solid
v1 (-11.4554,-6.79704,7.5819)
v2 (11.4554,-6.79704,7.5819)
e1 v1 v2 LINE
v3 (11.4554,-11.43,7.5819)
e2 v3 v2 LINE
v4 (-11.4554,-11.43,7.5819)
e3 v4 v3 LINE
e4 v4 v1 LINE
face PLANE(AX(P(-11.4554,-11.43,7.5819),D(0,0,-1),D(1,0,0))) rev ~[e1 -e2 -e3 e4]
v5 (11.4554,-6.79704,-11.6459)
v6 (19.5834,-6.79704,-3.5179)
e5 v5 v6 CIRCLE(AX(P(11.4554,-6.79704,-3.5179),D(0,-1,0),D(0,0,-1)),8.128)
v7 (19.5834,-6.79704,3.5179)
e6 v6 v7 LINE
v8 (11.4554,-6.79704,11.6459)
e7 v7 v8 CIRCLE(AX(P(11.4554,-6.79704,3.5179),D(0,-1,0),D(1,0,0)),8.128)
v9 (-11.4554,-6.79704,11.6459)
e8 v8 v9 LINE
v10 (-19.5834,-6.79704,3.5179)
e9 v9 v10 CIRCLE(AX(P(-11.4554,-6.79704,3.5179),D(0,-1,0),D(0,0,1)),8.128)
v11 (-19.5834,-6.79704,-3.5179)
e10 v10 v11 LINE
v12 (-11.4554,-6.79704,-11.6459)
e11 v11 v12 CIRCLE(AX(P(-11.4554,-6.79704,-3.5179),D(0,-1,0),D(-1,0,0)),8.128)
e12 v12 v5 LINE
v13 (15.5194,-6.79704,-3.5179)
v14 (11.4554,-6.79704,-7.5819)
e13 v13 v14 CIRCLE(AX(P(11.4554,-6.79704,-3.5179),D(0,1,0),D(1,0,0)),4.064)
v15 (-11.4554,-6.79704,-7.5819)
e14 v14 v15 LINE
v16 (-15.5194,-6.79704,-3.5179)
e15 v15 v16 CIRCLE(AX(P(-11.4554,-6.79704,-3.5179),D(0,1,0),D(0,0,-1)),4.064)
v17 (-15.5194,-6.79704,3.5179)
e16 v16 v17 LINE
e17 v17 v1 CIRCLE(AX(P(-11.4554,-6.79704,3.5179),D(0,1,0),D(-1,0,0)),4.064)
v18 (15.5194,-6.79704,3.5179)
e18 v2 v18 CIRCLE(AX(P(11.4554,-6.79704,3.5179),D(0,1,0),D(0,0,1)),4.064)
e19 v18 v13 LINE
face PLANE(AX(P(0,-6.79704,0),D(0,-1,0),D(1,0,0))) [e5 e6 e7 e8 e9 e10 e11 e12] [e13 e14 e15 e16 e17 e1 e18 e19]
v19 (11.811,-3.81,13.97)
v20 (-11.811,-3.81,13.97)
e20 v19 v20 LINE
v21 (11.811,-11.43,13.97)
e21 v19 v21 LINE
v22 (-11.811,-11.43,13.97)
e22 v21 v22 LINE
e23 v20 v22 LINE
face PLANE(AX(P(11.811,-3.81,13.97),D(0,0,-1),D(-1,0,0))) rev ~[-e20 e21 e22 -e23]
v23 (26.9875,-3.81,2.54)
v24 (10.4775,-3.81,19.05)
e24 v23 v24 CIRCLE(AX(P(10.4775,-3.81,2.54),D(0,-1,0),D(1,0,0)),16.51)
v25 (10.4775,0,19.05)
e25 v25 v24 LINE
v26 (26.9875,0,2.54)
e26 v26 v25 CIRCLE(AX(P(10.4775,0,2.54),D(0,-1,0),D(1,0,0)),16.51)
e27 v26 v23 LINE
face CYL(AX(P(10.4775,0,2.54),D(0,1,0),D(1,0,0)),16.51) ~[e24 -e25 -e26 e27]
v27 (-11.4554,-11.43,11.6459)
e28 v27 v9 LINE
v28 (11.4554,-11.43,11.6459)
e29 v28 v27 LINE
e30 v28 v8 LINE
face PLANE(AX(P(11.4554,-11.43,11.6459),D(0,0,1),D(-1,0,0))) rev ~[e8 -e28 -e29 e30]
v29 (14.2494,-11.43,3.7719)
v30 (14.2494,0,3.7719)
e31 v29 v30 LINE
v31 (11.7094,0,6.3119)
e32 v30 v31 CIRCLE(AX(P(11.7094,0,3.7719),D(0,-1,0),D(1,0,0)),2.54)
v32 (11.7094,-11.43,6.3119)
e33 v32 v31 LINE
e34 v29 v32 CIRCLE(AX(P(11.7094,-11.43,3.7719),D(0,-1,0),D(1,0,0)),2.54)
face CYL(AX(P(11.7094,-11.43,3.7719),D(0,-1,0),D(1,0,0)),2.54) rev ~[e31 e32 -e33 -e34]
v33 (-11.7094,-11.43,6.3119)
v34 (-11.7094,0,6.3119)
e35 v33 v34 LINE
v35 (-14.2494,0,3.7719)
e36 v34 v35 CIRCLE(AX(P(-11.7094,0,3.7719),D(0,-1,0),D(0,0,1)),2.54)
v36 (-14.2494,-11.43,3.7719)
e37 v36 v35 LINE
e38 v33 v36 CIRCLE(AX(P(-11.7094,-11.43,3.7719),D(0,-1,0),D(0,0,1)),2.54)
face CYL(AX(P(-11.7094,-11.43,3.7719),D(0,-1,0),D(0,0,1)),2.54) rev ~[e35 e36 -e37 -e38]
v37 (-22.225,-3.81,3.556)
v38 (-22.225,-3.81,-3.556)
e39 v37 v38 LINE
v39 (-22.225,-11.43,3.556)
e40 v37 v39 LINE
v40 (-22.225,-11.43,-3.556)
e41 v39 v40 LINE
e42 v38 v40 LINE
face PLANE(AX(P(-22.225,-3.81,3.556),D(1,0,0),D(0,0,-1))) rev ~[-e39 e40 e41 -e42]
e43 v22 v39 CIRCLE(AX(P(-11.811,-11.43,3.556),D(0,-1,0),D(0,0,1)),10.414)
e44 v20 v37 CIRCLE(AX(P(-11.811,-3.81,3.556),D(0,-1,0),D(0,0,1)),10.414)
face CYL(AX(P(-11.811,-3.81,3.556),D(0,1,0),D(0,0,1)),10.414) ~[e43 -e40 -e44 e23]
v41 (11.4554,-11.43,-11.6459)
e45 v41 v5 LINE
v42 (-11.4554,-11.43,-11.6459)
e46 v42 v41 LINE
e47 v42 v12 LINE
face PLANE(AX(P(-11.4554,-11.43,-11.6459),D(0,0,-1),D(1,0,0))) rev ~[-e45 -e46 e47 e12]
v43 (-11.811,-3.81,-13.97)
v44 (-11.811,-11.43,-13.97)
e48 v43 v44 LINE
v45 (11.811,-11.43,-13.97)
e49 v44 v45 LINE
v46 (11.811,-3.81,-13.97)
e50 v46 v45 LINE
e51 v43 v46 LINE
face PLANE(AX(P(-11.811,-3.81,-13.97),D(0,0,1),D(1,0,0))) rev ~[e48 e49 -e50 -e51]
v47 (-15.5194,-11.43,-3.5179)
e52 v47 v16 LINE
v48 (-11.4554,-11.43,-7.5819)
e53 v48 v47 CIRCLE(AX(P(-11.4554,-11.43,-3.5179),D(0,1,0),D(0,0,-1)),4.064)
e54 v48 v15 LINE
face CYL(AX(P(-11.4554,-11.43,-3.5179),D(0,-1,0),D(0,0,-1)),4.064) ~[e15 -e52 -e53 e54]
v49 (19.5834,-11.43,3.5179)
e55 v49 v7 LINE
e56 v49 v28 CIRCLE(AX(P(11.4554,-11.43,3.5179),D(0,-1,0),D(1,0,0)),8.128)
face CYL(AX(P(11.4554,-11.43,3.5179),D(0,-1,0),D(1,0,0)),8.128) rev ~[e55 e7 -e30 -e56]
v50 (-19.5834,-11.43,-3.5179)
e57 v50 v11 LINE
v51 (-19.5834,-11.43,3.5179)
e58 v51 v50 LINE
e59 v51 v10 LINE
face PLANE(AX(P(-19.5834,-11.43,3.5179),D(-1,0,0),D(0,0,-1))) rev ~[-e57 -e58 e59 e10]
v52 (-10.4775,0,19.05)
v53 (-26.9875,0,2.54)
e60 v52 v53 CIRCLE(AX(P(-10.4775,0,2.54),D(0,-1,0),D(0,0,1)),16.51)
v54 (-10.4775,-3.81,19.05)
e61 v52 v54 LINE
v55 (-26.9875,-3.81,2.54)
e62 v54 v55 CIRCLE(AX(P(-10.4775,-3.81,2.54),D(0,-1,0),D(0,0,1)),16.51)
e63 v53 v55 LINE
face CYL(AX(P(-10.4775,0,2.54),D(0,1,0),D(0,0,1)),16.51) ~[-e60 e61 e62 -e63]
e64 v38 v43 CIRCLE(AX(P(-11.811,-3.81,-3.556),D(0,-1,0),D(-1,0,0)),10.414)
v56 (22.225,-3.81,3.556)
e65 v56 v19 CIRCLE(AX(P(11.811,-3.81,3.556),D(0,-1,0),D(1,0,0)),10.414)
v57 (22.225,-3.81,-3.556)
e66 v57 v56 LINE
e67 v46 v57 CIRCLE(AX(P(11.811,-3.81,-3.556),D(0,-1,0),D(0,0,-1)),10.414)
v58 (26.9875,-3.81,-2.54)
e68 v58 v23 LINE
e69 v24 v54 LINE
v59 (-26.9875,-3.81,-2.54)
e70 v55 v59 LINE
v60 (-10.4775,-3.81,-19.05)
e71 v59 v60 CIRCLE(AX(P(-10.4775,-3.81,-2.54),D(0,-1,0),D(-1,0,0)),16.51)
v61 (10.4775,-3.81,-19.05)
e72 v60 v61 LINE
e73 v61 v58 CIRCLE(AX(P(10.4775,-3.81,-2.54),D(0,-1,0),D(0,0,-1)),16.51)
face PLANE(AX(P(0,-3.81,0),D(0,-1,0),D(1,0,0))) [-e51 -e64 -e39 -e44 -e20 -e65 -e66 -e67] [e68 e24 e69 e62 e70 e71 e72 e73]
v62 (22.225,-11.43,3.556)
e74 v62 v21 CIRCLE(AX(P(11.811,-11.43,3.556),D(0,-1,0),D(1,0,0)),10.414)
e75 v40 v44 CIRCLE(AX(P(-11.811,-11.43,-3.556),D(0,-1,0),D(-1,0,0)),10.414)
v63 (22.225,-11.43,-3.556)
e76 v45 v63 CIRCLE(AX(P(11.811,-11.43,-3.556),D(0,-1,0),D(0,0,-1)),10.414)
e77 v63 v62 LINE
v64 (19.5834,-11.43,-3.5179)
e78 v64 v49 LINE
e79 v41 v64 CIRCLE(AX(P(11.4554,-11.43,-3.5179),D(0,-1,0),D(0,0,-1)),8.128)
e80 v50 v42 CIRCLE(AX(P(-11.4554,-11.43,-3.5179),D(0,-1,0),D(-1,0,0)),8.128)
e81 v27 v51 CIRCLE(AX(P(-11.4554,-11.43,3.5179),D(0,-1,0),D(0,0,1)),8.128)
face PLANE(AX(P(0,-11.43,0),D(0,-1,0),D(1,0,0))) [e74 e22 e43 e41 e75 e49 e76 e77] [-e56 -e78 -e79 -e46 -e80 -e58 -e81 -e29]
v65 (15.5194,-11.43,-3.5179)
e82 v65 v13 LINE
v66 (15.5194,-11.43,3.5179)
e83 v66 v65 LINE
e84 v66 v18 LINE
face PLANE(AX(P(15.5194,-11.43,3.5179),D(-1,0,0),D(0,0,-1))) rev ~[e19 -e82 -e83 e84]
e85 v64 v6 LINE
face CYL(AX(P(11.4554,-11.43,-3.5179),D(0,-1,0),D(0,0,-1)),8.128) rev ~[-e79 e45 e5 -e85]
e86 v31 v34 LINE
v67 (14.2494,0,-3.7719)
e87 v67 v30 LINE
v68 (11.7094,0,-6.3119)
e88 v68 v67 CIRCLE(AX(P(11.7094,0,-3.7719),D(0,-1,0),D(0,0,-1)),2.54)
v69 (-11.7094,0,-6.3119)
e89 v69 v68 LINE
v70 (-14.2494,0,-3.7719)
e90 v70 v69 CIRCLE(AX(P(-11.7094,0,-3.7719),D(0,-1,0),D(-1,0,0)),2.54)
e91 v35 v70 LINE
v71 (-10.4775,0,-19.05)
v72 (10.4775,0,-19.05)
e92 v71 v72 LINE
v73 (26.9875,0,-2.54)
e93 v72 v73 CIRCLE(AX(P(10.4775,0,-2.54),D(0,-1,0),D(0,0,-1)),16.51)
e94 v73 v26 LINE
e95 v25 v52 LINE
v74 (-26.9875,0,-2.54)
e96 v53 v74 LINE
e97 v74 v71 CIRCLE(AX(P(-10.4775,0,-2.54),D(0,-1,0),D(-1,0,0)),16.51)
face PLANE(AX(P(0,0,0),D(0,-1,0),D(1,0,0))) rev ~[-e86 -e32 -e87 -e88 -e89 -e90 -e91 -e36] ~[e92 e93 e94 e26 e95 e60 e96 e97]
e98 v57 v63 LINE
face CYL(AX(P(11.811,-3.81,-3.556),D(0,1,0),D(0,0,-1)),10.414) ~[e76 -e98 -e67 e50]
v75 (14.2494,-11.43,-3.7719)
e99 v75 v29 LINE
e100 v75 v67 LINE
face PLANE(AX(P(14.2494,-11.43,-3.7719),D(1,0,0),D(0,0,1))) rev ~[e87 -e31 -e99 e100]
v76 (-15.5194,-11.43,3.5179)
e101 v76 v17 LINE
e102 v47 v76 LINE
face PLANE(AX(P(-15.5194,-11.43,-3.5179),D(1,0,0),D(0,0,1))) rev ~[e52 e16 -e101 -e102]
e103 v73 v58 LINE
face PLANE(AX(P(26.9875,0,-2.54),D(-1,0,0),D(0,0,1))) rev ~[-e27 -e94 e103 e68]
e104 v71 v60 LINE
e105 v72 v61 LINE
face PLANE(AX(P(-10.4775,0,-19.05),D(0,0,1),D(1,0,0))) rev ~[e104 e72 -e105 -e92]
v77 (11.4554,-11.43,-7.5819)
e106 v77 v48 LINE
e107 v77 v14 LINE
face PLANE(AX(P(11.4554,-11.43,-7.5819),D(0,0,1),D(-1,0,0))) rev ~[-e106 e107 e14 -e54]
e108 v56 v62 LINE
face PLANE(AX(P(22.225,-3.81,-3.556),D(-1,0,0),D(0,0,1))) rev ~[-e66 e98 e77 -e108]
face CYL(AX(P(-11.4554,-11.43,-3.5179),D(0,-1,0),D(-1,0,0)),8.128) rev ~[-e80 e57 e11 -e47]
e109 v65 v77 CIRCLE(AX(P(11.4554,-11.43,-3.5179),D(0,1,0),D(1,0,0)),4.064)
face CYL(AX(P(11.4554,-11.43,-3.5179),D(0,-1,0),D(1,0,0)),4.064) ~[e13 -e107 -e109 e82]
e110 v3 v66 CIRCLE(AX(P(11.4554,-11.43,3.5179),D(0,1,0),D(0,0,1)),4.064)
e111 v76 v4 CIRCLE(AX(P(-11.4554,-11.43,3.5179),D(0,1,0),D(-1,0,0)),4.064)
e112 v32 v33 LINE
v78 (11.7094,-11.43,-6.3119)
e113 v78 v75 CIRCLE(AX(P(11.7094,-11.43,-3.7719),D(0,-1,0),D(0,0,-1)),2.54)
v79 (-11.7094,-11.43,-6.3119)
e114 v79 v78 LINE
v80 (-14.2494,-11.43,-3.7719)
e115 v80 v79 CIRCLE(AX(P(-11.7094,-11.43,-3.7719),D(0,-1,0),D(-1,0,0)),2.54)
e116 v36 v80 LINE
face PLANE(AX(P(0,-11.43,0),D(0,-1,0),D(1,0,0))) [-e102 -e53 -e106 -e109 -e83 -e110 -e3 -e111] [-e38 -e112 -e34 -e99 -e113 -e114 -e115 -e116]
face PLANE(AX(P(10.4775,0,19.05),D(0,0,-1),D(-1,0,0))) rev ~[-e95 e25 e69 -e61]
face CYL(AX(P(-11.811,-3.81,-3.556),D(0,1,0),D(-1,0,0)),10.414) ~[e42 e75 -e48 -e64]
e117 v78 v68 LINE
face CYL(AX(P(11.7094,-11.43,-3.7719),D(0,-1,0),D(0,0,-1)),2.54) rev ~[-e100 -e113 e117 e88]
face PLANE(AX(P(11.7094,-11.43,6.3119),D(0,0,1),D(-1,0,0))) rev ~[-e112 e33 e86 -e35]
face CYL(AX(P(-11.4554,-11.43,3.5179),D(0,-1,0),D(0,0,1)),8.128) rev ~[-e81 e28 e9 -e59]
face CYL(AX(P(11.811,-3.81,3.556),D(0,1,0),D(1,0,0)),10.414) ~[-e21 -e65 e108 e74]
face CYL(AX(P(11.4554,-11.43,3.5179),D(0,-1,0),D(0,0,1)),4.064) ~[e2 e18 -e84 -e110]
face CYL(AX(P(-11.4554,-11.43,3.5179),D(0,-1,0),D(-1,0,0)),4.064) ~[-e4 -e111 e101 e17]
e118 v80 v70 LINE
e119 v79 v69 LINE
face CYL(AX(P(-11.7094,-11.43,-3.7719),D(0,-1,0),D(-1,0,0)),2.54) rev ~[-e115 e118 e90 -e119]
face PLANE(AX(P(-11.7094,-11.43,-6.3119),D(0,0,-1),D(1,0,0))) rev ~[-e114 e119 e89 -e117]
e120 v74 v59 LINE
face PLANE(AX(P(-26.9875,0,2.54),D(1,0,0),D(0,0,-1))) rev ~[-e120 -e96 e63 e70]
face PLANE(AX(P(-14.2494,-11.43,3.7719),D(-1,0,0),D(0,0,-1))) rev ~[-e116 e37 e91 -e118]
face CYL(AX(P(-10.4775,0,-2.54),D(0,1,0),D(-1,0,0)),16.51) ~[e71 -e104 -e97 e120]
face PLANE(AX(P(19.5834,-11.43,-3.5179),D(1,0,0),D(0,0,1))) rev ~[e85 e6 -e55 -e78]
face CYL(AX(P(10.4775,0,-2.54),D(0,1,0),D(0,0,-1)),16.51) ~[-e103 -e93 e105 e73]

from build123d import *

# Parameters (mm, degrees)
F1_DEPTH = 3.81
F3_DEPTH = 7.62
F5_DEPTH = 11.431
F7_DEPTH = 4.63296


with BuildPart() as f1:
    # F0 (on Front) → F1 (new body)
    with BuildSketch(Plane.XZ):
        with BuildLine():
            ThreePointArc((-26.9875, -2.54), (-22.1518329574, -14.2143329574), (-10.4775, -19.05))
            Line((-10.4775, -19.05), (10.4775, -19.05))
            ThreePointArc((10.4775, -19.05), (22.1518329574, -14.2143329574), (26.9875, -2.54))
            Line((26.9875, -2.54), (26.9875, 2.54))
            ThreePointArc((26.9875, 2.54), (22.1518329574, 14.2143329574), (10.4775, 19.05))
            Line((10.4775, 19.05), (-10.4775, 19.05))
            ThreePointArc((-10.4775, 19.05), (-22.1518329574, 14.2143329574), (-26.9875, 2.54))
            Line((-26.9875, 2.54), (-26.9875, -2.54))
        make_face()
    extrude(amount=F1_DEPTH)

    # F2 (on face) → F3 (join)
    with BuildSketch(Plane.XZ.offset(3.81)):
        with BuildLine():
            ThreePointArc((-22.225, -3.556), (-19.1748100193, -10.9198100193), (-11.811, -13.97))
            Line((-11.811, -13.97), (11.811, -13.97))
            ThreePointArc((11.811, -13.97), (19.1748100193, -10.9198100193), (22.225, -3.556))
            Line((22.225, -3.556), (22.225, 3.556))
            ThreePointArc((22.225, 3.556), (19.1748100193, 10.9198100193), (11.811, 13.97))
            Line((11.811, 13.97), (-11.811, 13.97))
            ThreePointArc((-11.811, 13.97), (-19.1748100193, 10.9198100193), (-22.225, 3.556))
            Line((-22.225, 3.556), (-22.225, -3.556))
        make_face()
    extrude(amount=F3_DEPTH)

    # F4 (on face) → F5 (cut, through all)
    with BuildSketch(Plane.XZ.offset(11.43)):
        with BuildLine():
            ThreePointArc((-14.2494, -3.7719), (-13.5054512242, -5.5679512242), (-11.7094, -6.3119))
            Line((-11.7094, -6.3119), (11.7094, -6.3119))
            ThreePointArc((11.7094, -6.3119), (13.5054512242, -5.5679512242), (14.2494, -3.7719))
            Line((14.2494, -3.7719), (14.2494, 3.7719))
            ThreePointArc((14.2494, 3.7719), (13.5054512242, 5.5679512242), (11.7094, 6.3119))
            Line((11.7094, 6.3119), (-11.7094, 6.3119))
            ThreePointArc((-11.7094, 6.3119), (-13.5054512242, 5.5679512242), (-14.2494, 3.7719))
            Line((-14.2494, 3.7719), (-14.2494, -3.7719))
        make_face()
    extrude(amount=-F5_DEPTH, mode=Mode.SUBTRACT)

    # F6 (on face) → F7 (cut)
    with BuildSketch(Plane.XZ.offset(11.43)):
        with BuildLine():
            Line((11.4554, 11.6459), (-11.4554, 11.6459))
            ThreePointArc((-11.4554, 11.6459), (-17.2027639175, 9.2652639175), (-19.5834, 3.5179))
            Line((-19.5834, 3.5179), (-19.5834, -3.5179))
            ThreePointArc((-19.5834, -3.5179), (-17.2027639175, -9.2652639175), (-11.4554, -11.6459))
            Line((-11.4554, -11.6459), (11.4554, -11.6459))
            ThreePointArc((11.4554, -11.6459), (17.2027639175, -9.2652639175), (19.5834, -3.5179))
            Line((19.5834, -3.5179), (19.5834, 3.5179))
            ThreePointArc((19.5834, 3.5179), (17.2027639175, 9.2652639175), (11.4554, 11.6459))
        make_face()
        with BuildLine():
            Line((11.4554, -7.5819), (-11.4554, -7.5819))
            ThreePointArc((-11.4554, -7.5819), (-14.3290819587, -6.3915819587), (-15.5194, -3.5179))
            Line((-15.5194, -3.5179), (-15.5194, 3.5179))
            ThreePointArc((-15.5194, 3.5179), (-14.3290819587, 6.3915819587), (-11.4554, 7.5819))
            Line((-11.4554, 7.5819), (11.4554, 7.5819))
            ThreePointArc((11.4554, 7.5819), (14.3290819587, 6.3915819587), (15.5194, 3.5179))
            Line((15.5194, 3.5179), (15.5194, -3.5179))
            ThreePointArc((15.5194, -3.5179), (14.3290819587, -6.3915819587), (11.4554, -7.5819))
        make_face(mode=Mode.SUBTRACT)
    extrude(amount=-F7_DEPTH, mode=Mode.SUBTRACT)


solid = f1.part
